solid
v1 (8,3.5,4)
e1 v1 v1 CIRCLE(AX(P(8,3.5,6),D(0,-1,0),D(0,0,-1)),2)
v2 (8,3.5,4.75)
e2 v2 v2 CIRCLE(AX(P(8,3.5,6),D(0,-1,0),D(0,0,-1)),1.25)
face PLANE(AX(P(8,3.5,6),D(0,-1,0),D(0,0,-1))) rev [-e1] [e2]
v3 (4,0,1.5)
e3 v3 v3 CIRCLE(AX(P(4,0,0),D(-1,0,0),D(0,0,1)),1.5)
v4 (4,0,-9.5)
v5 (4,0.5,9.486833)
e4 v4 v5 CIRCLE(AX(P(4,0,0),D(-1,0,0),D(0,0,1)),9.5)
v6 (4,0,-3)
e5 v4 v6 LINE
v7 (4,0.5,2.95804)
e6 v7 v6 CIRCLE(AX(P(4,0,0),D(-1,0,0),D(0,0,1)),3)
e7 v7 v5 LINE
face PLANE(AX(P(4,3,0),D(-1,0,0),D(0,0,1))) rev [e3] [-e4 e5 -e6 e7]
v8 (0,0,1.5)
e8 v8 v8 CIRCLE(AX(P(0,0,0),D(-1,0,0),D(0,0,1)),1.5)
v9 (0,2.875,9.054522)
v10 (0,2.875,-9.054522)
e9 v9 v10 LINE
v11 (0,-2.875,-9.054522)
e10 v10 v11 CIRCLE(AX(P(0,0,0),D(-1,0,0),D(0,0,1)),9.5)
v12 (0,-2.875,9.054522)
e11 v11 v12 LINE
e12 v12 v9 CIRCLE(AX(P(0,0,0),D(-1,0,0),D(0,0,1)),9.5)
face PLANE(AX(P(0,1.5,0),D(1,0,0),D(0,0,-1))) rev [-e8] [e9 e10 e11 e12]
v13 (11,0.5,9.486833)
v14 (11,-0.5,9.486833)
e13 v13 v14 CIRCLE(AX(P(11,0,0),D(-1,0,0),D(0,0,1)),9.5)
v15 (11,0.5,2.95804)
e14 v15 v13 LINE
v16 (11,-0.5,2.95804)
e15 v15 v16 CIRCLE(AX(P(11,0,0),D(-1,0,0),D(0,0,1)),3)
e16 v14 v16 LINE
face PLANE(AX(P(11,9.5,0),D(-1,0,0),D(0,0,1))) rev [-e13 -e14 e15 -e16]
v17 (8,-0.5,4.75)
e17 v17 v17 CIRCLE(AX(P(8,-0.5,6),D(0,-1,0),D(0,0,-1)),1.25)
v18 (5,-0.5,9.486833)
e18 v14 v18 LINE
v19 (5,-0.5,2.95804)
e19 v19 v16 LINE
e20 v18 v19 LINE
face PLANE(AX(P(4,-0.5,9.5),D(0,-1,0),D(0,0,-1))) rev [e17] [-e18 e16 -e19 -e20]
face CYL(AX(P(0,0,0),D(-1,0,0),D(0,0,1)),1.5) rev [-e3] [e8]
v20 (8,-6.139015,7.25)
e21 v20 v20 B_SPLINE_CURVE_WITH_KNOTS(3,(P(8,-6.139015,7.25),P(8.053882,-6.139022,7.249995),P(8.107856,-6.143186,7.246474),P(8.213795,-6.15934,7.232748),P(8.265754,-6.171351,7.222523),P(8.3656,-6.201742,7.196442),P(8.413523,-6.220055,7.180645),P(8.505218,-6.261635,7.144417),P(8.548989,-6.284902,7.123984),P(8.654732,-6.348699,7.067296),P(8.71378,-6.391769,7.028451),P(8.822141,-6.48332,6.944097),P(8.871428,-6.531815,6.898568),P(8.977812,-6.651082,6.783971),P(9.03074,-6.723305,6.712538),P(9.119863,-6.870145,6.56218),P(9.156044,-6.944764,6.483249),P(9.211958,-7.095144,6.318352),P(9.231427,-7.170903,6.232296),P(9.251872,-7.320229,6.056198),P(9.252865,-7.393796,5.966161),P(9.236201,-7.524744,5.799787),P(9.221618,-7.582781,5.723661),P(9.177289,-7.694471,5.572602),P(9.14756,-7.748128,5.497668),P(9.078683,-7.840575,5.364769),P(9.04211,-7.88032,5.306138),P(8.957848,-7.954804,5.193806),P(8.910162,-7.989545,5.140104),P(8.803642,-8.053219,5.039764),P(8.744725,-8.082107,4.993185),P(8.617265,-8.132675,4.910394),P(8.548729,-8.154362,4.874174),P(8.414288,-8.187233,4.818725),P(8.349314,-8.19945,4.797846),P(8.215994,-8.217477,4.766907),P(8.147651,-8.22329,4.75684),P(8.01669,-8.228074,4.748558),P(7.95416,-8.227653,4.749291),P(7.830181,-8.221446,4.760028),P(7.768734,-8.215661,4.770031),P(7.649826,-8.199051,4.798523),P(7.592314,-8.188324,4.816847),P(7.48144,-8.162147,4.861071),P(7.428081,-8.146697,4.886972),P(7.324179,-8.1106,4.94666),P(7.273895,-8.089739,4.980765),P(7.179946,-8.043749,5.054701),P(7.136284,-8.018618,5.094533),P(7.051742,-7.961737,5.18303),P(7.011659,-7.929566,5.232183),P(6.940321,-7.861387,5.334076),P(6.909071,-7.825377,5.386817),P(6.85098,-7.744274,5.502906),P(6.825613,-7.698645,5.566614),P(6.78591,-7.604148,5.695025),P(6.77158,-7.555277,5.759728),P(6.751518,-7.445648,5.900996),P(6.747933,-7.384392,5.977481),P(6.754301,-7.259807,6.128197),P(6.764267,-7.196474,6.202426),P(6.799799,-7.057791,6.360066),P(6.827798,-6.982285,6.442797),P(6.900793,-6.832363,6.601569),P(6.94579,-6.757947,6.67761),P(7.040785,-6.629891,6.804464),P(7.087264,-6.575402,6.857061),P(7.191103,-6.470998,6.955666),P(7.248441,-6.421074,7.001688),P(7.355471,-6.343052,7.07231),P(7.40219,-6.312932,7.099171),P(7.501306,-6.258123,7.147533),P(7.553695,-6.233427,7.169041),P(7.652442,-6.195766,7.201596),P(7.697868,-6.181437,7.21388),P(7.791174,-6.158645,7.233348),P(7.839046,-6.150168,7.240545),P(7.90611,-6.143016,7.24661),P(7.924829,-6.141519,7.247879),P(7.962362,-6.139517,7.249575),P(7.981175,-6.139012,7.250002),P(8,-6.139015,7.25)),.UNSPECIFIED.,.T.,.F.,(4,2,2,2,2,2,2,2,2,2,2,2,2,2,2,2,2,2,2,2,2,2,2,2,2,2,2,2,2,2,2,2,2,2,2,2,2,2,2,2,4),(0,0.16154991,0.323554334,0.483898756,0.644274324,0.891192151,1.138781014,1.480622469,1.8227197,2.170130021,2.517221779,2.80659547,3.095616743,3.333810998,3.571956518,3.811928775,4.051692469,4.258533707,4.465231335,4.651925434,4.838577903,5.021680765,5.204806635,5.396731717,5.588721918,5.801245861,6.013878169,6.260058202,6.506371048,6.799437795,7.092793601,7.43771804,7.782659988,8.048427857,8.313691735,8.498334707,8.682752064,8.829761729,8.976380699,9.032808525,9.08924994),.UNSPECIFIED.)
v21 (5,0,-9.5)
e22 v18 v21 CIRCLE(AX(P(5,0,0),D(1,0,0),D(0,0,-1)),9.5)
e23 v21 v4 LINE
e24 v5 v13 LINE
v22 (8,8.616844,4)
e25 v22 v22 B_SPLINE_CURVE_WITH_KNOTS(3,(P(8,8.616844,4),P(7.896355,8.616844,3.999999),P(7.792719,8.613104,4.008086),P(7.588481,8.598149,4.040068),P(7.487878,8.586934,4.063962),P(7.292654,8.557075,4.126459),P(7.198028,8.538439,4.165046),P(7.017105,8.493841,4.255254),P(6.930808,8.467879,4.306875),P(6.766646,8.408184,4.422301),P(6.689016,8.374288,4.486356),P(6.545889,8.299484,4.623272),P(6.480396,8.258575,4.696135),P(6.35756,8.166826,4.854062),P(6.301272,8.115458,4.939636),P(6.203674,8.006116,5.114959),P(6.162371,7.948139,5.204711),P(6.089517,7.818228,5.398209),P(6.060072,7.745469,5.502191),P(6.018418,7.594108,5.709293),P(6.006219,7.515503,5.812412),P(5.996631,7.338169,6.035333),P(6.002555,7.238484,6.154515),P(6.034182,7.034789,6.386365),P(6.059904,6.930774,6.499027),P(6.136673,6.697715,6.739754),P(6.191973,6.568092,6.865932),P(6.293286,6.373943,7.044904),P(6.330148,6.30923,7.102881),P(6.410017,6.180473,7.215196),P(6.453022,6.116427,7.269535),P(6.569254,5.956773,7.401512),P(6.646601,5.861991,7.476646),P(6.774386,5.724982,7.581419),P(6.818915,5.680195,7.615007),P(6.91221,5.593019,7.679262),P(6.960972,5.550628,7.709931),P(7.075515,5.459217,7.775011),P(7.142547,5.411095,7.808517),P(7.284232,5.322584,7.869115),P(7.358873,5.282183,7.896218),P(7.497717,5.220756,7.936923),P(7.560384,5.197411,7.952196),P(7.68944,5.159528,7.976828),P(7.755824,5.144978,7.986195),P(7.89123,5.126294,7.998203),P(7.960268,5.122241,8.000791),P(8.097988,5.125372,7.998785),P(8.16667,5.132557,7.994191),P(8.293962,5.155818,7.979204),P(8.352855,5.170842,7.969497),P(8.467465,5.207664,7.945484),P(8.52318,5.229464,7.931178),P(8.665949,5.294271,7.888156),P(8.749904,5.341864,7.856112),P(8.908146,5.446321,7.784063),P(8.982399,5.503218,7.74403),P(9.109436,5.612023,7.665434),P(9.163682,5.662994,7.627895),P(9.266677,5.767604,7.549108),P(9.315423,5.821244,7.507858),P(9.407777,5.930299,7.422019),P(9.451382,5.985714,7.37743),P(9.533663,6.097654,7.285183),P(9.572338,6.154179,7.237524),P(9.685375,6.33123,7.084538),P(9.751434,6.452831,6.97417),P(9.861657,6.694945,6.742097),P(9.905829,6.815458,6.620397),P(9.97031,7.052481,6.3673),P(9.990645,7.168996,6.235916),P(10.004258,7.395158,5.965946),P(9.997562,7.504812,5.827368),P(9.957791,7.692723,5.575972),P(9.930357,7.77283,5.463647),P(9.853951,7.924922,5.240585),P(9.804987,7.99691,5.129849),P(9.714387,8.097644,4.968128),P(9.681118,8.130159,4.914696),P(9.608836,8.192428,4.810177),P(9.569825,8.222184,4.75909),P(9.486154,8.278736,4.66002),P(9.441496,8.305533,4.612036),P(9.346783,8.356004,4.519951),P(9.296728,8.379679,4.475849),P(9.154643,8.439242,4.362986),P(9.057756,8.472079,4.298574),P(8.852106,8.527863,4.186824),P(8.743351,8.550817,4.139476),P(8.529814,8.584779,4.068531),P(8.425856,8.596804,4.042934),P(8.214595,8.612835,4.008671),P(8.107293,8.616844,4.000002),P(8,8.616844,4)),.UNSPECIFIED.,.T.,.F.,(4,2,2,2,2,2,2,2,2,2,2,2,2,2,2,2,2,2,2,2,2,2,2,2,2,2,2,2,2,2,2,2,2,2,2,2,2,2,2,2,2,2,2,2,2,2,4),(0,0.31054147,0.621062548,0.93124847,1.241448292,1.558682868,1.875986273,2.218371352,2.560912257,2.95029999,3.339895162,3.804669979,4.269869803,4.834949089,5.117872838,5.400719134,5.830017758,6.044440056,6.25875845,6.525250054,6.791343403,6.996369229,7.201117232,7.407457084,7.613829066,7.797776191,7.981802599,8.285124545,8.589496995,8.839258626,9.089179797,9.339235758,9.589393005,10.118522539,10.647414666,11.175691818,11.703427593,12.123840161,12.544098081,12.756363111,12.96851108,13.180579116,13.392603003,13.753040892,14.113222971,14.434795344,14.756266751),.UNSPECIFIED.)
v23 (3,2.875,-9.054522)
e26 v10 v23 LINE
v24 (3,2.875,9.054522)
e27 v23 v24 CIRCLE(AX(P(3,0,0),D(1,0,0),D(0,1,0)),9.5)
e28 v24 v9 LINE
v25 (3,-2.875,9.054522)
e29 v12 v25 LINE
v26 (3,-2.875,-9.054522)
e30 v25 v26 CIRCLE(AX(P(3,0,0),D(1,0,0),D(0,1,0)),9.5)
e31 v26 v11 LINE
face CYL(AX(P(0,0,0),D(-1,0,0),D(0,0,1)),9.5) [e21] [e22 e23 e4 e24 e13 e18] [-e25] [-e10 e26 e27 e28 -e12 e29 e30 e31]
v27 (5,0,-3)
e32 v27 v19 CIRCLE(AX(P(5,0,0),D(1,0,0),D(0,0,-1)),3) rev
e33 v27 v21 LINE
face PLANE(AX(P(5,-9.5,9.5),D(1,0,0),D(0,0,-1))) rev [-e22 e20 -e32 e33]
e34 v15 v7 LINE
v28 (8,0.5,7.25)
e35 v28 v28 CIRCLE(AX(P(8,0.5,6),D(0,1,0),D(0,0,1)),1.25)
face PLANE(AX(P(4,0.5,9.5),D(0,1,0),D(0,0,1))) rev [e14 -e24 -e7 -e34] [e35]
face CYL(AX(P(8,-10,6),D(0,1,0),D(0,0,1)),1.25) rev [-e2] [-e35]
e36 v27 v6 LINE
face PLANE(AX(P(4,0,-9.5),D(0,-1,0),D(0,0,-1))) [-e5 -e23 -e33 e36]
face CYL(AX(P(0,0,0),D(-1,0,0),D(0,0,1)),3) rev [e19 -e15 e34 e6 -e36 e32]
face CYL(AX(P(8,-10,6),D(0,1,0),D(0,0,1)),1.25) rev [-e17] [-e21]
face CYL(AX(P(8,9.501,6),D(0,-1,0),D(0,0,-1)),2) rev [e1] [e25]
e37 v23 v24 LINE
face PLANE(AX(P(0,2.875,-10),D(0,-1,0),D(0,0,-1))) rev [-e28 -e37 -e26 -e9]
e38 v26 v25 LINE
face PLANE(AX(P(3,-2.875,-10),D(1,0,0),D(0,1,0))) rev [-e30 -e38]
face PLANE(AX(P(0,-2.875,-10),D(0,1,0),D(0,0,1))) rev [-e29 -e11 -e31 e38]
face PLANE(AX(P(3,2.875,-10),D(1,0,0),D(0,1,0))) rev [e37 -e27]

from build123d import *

# Parameters (mm, degrees)
ESQUISSE2_W                  = 3
ESQUISSE2_H                  = 6.625
ENL_V_MAT_EXTRU_1_DEPTH      = 10
ESQUISSE3_W                  = 1
ESQUISSE3_H                  = 19
ENL_V_MAT_EXTRU_2_DEPTH      = 18.363755354
ESQUISSE4_W                  = 9.5
ESQUISSE4_H                  = 1
ENL_V_MAT_EXTRU_3_DEPTH      = 7
ESQUISSE5_R                  = 1.25
ENL_V_MAT_EXTRU_4_DEPTH      = 10
ENL_V_MAT_EXTRU_6_REACH      = 21.5
ENL_V_MAT_EXTRU_6_END_RADIUS = 9.5
ESQUISSE7_R                  = 2


with BuildPart() as part:
    # Esquisse1 → Base-Révolution (revolve)
    with BuildSketch(Plane.XY, mode=Mode.PRIVATE) as base_r_volution_sk:
        Polygon((0, 1.5), (0, 9.5), (11, 9.5), (11, 3), (4, 3), (4, 1.5), align=None)
    revolve(base_r_volution_sk.sketch.rotate(Axis((0, 0, 0), (1, 0, 0)), 90), axis=Axis((0, 0, 0), (1, 0, 0)))

    # Esquisse2 → Enlèv. mat.-Extru.1 (cut, symmetric)
    with BuildSketch(Plane.XY):
        with Locations((1.5, 6.1875)):
            Rectangle(ESQUISSE2_W, ESQUISSE2_H)
        with Locations((1.5, -6.1875)):
            Rectangle(ESQUISSE2_W, ESQUISSE2_H)
    extrude(amount=ENL_V_MAT_EXTRU_1_DEPTH, both=True, mode=Mode.SUBTRACT)

    # Esquisse3 → Enlèv. mat.-Extru.2 (cut, through all)
    with BuildSketch(Plane(origin=(0, 0, 0), x_dir=(1, 0, 0), z_dir=(0, 1, 0))):
        with Locations((4.5, 0)):
            Rectangle(ESQUISSE3_W, ESQUISSE3_H)
    extrude(amount=-ENL_V_MAT_EXTRU_2_DEPTH, mode=Mode.SUBTRACT)

    # Esquisse4 → Enlèv. mat.-Extru.3 (cut)
    with BuildSketch(Plane(origin=(11, 0, 0), x_dir=(0, 0, -1), z_dir=(1, 0, 0))):
        with Locations((-4.75, 0)):
            Rectangle(ESQUISSE4_W, ESQUISSE4_H)
    extrude(amount=-ENL_V_MAT_EXTRU_3_DEPTH, mode=Mode.SUBTRACT)

    # Esquisse5 → Enlèv. mat.-Extru.4 (cut, symmetric)
    with BuildSketch(Plane(origin=(0, 0, 0), x_dir=(1, 0, 0), z_dir=(0, 1, 0))):
        with Locations(Location((8, -6, 0), (0, 0, 270))):
            Circle(ESQUISSE5_R)
    extrude(amount=ENL_V_MAT_EXTRU_4_DEPTH, both=True, mode=Mode.SUBTRACT)

    # Enlèv. mat.-Extru.6: up to this cylinder (the profile starts inside it)
    enl_v_mat_extru_6_end = Plane(origin=(8, 0, 0), z_dir=(-1, 0, 0)) * Cylinder(ENL_V_MAT_EXTRU_6_END_RADIUS, 63, mode=Mode.PRIVATE)
    # Esquisse7 → Enlèv. mat.-Extru.6 (cut, up to the surface)
    with BuildSketch(Plane.XZ.offset(-3.5), mode=Mode.PRIVATE) as enl_v_mat_extru_6_sk1:
        with Locations(Location((8, 6, 0), (0, 0, 270))):
            Circle(ESQUISSE7_R)
    enl_v_mat_extru_6_tool1 = extrude(enl_v_mat_extru_6_sk1.sketch, amount=-ENL_V_MAT_EXTRU_6_REACH, mode=Mode.PRIVATE) & enl_v_mat_extru_6_end
    add(enl_v_mat_extru_6_tool1.solids().sort_by_distance((8, 3.5, 6))[0], mode=Mode.SUBTRACT)


solid = part.part
